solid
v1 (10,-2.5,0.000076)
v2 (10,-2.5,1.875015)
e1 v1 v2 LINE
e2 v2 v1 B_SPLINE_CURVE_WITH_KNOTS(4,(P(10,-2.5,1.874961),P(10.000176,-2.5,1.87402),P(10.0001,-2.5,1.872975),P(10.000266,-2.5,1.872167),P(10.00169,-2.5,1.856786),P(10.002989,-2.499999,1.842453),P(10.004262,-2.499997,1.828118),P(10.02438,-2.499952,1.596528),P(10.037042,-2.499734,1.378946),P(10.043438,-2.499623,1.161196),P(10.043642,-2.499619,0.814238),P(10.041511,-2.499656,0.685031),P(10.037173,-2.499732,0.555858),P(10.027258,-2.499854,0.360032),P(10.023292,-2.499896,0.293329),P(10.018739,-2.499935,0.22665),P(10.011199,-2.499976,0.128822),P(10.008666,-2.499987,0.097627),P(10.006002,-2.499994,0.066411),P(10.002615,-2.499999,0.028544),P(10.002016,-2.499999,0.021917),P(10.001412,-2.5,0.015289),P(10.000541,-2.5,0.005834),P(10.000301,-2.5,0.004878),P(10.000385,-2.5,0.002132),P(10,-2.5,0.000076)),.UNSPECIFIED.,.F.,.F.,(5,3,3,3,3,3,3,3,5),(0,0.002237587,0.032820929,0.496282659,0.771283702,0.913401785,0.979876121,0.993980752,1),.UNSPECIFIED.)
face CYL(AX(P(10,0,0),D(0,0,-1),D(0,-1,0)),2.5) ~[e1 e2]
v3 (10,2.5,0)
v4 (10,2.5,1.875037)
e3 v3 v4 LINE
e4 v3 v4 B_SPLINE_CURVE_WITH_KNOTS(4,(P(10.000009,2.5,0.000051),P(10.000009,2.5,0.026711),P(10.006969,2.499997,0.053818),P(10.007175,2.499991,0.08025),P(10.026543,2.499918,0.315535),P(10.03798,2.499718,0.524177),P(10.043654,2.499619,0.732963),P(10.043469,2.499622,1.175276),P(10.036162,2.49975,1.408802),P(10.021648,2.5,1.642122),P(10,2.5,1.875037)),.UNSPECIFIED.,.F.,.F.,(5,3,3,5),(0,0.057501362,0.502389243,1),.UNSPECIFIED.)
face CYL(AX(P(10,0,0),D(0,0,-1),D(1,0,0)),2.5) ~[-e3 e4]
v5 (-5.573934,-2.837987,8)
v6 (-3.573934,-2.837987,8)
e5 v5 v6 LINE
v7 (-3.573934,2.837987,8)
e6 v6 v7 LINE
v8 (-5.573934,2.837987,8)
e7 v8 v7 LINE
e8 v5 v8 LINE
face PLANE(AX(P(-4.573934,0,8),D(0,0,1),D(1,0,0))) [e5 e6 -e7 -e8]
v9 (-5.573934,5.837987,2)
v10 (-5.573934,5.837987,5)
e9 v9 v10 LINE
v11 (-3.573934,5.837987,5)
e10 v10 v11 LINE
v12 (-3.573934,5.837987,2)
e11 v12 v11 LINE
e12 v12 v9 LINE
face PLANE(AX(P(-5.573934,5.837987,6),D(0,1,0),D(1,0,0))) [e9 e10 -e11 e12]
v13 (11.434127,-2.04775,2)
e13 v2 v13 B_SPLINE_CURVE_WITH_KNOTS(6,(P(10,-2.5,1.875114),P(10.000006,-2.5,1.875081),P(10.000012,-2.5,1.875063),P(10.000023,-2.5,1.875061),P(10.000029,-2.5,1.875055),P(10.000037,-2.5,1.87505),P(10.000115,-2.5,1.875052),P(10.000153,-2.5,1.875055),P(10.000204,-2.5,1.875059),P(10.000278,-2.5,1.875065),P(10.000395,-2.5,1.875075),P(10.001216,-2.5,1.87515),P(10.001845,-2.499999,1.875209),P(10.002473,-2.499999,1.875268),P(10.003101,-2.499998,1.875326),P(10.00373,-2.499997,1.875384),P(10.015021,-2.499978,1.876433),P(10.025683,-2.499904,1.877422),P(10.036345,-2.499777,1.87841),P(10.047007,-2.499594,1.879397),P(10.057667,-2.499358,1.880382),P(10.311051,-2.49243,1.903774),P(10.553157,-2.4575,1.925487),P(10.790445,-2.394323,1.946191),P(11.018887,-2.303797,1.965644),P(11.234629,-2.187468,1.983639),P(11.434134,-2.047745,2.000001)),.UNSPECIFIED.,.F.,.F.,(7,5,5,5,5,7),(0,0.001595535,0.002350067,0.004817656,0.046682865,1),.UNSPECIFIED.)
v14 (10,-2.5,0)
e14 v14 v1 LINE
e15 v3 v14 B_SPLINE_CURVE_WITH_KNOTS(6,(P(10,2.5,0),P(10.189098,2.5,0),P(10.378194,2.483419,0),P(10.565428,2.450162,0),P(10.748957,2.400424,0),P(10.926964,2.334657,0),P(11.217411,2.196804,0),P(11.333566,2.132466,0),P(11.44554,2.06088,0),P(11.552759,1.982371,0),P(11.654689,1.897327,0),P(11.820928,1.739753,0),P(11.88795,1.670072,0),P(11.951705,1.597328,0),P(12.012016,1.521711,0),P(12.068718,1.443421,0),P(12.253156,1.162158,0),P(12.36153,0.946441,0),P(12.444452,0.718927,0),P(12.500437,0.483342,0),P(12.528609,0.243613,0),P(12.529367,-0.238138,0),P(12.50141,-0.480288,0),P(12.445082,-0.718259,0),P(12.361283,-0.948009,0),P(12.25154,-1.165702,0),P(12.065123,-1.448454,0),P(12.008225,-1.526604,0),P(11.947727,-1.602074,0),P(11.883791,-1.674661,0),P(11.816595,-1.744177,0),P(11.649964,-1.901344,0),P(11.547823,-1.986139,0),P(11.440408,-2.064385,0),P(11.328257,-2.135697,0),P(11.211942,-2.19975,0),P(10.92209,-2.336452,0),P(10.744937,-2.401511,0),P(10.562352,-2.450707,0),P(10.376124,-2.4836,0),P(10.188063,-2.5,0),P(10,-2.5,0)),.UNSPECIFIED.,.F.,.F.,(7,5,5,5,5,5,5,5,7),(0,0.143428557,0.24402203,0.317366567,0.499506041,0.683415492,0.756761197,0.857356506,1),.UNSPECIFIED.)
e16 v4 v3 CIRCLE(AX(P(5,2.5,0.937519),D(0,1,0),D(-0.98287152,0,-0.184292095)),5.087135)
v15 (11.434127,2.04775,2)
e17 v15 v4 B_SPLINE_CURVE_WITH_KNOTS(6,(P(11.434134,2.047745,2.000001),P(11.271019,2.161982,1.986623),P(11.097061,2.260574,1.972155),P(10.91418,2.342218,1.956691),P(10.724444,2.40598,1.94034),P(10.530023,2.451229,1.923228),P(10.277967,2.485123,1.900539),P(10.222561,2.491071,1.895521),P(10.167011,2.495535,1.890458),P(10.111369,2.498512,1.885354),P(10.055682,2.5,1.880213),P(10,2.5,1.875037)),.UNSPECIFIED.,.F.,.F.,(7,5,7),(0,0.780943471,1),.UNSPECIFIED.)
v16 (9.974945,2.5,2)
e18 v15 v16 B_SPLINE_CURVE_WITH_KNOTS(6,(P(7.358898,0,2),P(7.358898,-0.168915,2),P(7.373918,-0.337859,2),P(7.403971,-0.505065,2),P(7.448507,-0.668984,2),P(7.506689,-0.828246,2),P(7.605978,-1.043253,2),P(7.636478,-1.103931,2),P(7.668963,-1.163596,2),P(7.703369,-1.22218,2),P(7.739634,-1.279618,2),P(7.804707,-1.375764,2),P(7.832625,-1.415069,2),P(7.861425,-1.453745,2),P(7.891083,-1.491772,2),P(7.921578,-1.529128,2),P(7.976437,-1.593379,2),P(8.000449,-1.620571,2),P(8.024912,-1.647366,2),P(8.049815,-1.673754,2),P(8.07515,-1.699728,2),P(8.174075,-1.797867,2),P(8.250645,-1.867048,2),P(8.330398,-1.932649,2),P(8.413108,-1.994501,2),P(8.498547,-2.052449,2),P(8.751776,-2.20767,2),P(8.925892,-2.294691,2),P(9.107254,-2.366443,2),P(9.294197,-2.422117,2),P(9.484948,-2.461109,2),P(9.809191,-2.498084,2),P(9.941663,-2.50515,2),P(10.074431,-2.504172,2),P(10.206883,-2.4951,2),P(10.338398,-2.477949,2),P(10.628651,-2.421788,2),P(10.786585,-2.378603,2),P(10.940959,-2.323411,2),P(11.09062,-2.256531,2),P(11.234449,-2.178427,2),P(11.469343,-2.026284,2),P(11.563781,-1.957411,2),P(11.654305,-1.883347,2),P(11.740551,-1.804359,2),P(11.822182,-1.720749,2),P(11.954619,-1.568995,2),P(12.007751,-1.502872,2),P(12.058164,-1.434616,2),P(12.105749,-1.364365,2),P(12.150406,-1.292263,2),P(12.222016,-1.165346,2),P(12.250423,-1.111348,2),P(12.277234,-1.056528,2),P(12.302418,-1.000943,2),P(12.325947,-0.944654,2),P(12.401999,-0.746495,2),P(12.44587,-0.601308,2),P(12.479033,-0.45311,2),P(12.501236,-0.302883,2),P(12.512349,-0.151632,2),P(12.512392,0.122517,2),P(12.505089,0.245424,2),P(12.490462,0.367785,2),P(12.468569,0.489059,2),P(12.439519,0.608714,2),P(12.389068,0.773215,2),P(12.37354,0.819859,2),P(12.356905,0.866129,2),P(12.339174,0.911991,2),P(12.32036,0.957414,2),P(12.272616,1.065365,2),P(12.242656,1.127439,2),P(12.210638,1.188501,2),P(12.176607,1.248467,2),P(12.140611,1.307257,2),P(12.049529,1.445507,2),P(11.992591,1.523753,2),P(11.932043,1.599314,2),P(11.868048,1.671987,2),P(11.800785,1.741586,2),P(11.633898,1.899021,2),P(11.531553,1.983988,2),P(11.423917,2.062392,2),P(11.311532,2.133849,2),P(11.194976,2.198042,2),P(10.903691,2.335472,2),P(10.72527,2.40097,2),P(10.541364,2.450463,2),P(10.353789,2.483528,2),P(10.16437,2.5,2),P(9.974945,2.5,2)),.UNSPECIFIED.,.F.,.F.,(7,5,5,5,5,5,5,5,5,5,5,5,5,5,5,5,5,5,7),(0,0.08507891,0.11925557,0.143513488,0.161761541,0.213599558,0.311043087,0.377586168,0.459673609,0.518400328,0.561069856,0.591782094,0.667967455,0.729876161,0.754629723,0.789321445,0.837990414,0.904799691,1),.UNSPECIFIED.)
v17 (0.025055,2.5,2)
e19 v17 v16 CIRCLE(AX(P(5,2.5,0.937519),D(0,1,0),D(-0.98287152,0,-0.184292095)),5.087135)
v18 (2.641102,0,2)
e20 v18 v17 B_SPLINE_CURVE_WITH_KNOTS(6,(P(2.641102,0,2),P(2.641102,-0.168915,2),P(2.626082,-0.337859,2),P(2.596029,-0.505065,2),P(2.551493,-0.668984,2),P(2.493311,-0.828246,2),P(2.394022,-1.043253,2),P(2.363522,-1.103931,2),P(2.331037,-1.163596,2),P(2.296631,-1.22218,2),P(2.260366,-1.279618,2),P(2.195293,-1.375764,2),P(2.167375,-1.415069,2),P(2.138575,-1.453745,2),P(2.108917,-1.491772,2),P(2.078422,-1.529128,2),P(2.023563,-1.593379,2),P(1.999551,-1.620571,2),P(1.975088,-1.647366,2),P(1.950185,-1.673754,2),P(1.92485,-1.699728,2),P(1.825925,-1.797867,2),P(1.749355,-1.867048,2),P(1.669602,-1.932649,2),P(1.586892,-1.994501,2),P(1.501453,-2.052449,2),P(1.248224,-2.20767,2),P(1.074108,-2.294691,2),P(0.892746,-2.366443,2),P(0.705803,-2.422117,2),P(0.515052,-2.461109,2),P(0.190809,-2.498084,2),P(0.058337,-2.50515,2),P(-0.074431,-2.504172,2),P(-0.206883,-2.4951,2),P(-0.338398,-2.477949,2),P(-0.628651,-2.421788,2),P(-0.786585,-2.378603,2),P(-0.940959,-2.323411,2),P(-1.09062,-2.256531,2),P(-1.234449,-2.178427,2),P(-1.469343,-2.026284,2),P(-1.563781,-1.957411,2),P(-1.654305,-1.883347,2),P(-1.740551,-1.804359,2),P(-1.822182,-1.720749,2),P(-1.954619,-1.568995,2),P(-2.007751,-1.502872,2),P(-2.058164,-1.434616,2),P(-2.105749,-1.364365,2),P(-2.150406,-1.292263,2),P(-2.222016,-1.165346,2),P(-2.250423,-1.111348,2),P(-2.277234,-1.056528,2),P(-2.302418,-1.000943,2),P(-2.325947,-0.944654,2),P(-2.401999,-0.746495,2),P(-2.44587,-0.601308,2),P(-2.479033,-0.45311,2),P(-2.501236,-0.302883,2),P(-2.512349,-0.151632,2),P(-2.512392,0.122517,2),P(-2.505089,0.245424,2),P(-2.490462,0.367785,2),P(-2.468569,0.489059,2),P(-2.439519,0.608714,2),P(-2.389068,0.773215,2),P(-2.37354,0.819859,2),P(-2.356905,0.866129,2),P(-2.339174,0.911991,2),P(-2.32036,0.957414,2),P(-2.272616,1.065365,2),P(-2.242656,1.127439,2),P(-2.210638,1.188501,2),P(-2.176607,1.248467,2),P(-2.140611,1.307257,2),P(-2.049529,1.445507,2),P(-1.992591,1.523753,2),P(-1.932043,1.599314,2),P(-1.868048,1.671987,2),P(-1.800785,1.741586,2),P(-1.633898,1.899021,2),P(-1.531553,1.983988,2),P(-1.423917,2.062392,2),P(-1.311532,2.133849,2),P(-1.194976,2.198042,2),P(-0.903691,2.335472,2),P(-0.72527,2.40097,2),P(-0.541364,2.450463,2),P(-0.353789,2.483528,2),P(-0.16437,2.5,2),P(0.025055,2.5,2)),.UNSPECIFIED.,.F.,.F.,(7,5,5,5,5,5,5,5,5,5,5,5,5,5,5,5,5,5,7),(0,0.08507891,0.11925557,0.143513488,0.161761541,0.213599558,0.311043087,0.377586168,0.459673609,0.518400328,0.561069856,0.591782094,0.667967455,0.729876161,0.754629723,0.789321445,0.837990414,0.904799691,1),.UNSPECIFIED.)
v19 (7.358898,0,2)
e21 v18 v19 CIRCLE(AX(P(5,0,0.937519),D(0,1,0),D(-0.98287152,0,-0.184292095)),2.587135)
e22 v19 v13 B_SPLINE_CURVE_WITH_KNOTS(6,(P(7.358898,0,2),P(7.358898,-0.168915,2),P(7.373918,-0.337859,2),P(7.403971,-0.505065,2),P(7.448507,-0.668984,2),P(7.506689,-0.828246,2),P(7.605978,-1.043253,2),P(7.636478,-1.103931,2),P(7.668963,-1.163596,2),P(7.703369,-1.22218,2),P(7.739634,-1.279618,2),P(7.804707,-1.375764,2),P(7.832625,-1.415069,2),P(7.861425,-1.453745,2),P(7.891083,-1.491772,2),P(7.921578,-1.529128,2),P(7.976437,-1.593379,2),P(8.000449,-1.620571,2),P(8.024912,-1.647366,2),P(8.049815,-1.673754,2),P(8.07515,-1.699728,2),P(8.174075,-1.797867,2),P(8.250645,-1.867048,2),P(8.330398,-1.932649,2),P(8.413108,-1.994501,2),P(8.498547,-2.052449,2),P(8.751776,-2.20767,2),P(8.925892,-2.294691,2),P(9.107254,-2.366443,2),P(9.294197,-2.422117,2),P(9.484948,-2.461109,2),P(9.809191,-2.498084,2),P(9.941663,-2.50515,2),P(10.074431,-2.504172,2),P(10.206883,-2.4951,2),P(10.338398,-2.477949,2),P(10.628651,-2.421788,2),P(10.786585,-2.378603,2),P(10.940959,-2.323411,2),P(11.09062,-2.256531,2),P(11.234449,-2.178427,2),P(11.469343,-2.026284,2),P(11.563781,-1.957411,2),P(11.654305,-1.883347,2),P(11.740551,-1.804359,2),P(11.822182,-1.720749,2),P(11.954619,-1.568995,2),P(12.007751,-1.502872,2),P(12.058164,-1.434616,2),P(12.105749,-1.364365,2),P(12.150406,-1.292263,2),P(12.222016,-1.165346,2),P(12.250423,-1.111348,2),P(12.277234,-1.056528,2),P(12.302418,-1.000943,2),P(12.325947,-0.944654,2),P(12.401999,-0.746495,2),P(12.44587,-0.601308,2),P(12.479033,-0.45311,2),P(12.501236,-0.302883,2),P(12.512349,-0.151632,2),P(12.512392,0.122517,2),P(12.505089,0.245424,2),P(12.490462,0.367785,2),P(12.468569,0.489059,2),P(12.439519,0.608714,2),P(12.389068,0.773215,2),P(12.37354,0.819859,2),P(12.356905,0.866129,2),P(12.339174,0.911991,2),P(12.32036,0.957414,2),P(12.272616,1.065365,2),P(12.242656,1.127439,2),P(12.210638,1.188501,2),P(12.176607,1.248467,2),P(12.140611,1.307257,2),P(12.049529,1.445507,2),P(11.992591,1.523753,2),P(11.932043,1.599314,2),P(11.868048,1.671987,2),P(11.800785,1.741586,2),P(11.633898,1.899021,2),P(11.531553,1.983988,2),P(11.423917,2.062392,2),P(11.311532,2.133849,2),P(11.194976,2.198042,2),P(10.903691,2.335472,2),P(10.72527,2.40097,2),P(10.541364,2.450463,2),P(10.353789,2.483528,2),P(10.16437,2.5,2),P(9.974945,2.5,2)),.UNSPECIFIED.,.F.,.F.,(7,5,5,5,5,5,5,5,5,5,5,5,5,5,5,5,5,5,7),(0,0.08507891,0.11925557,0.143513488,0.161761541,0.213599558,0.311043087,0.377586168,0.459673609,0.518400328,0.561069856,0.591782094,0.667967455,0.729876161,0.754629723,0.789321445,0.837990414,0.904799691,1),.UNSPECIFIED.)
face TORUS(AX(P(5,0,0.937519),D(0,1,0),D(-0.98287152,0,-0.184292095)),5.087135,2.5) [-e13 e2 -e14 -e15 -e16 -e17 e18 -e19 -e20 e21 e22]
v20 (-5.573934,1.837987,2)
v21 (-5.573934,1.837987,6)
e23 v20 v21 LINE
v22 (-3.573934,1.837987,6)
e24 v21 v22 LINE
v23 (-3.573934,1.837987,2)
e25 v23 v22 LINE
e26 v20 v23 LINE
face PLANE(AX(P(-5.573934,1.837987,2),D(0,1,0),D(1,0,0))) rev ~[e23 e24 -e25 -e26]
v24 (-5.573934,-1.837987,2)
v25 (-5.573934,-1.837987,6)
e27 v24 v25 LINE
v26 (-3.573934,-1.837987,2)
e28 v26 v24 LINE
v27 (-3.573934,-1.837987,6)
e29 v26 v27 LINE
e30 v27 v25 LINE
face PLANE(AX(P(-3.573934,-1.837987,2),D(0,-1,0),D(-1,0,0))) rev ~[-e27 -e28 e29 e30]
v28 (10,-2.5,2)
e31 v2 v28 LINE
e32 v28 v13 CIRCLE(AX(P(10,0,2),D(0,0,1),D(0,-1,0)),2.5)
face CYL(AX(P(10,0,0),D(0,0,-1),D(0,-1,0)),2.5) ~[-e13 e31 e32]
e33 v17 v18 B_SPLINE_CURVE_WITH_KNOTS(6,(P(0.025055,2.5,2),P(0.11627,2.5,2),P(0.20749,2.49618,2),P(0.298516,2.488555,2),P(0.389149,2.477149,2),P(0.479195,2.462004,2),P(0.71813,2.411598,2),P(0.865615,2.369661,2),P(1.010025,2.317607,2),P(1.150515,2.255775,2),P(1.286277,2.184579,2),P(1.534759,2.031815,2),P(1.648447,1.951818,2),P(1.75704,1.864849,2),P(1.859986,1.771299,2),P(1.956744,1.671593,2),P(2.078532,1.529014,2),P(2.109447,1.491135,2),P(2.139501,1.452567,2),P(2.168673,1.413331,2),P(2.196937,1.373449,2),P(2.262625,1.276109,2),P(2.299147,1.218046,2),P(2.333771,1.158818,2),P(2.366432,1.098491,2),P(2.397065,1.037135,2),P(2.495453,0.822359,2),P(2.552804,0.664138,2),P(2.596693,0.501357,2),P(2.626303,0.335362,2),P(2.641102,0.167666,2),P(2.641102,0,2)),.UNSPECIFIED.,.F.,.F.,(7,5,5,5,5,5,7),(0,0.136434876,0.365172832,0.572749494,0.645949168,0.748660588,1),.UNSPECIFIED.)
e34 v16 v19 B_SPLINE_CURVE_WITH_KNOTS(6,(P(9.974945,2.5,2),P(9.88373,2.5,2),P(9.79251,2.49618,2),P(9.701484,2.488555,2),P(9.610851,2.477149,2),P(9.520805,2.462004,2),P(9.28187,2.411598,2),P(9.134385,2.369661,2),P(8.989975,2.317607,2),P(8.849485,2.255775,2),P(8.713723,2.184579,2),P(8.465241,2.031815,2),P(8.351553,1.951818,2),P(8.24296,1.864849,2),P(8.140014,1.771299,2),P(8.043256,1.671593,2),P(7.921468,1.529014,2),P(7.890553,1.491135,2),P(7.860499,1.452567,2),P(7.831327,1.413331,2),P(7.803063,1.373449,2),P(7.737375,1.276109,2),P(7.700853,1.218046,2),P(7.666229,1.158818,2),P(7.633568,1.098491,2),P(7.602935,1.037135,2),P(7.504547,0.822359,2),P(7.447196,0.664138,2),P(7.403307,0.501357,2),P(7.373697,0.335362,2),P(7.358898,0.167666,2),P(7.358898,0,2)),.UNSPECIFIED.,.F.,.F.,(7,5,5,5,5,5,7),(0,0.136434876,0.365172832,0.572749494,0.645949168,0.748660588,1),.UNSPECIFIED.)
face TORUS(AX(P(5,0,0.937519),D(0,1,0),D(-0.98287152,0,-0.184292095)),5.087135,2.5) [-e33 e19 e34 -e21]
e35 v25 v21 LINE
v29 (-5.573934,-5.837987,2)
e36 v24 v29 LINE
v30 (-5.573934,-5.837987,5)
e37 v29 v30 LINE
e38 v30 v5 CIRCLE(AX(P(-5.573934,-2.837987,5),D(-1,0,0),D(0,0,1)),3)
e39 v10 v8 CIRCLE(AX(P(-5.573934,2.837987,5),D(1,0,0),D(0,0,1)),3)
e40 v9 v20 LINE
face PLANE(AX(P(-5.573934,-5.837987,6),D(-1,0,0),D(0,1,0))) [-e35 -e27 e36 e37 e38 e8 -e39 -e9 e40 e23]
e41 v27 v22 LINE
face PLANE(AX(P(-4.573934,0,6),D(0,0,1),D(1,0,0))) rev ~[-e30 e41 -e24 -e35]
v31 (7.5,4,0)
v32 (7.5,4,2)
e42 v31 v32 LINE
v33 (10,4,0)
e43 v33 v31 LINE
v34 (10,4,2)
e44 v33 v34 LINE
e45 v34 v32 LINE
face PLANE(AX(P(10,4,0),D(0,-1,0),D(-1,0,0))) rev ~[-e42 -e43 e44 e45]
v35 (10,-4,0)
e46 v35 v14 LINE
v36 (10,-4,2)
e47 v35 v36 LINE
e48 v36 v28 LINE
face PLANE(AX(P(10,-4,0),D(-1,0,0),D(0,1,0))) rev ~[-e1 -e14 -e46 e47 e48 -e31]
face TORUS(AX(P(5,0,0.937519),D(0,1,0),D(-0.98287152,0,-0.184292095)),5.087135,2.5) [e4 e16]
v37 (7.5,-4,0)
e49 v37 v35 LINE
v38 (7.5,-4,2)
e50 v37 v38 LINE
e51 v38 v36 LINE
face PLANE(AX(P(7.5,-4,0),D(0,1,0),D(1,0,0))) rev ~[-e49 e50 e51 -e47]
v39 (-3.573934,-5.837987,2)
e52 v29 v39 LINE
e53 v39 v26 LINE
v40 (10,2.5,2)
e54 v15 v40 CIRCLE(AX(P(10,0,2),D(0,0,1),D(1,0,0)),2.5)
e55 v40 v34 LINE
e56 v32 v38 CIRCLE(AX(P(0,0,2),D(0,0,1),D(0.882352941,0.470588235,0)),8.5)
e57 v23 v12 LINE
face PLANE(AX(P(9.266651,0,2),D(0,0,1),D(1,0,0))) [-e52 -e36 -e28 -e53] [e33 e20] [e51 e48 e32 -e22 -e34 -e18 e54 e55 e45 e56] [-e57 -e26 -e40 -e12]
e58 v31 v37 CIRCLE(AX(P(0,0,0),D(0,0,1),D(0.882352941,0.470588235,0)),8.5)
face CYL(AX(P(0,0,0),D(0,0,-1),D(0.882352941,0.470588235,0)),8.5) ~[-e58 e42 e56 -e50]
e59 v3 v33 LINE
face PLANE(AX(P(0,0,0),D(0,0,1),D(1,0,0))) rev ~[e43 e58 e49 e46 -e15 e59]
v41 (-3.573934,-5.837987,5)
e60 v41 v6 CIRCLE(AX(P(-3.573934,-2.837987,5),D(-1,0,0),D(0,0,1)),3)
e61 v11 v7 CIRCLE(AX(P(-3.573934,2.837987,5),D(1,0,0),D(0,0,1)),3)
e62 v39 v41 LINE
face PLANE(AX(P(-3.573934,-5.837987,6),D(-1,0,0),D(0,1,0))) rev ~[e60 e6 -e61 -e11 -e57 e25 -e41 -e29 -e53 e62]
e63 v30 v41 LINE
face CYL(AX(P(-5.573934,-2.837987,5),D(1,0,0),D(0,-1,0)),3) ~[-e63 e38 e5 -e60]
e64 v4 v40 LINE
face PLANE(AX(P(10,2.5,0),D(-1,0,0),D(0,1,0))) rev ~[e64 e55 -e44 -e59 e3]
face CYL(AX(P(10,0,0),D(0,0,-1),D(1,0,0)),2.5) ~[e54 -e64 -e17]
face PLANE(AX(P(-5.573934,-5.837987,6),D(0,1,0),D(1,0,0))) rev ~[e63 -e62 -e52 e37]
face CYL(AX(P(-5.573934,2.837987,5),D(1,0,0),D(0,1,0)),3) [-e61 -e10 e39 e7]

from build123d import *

# Parameters (mm, degrees)
F1_DEPTH  = 2
F7_W      = 31.145259738
F7_H      = 20.1126746833
F8_DEPTH  = 25
F10_DEPTH = 4
F11_W     = 2
F11_H     = 11.6759730271
F12_DEPTH = 2
F13_R     = 3


with BuildPart() as f1:
    # F0 (on Top) → F1 (new body)
    with BuildSketch(Plane.XY):
        with BuildLine():
            ThreePointArc((8.3, 1.833030278), (8.4498520697, 0.9219544457), (8.5, 0))
            ThreePointArc((8.5, 0), (8.4498520697, -0.9219544457), (8.3, -1.833030278))
            ThreePointArc((8.3, -1.833030278), (9.0869216066, -2.3272919558), (10, -2.5))
            Line((10, -2.5), (10, 2.5))
            ThreePointArc((10, 2.5), (9.0869216066, 2.3272919558), (8.3, 1.833030278))
        make_face()
        with BuildLine():
            ThreePointArc((8.3, -1.833030278), (7.5, 0), (8.3, 1.833030278))
            ThreePointArc((8.3, 1.833030278), (7.973953815, 2.9438173442), (7.5, 4))
            Line((7.5, 4), (0, 4))
            Line((0, 4), (0, 2.5))
            ThreePointArc((0, 2.5), (1.767766953, 1.767766953), (2.5, 0))
            ThreePointArc((2.5, 0), (1.767766953, -1.767766953), (0, -2.5))
            Line((0, -2.5), (0, -4))
            Line((0, -4), (7.5, -4))
            ThreePointArc((7.5, -4), (7.973953815, -2.9438173442), (8.3, -1.833030278))
        make_face()
        with BuildLine():
            ThreePointArc((7.5, 4), (7.973953815, 2.9438173442), (8.3, 1.833030278))
            ThreePointArc((8.3, 1.833030278), (9.0869216066, 2.3272919558), (10, 2.5))
            Line((10, 2.5), (10, 4))
            Line((10, 4), (7.5, 4))
        make_face()
        with BuildLine():
            ThreePointArc((10, -2.5), (9.0869216066, -2.3272919558), (8.3, -1.833030278))
            ThreePointArc((8.3, -1.833030278), (7.973953815, -2.9438173442), (7.5, -4))
            Line((7.5, -4), (10, -4))
            Line((10, -4), (10, -2.5))
        make_face()
        with BuildLine():
            Line((0, 4), (7.5, 4))
            ThreePointArc((7.5, 4), (-8.5, 0), (7.5, -4))
            Line((7.5, -4), (0, -4))
            Line((0, -4), (0, -2.5))
            ThreePointArc((0, -2.5), (-2.5, 0), (0, 2.5))
            Line((0, 2.5), (0, 4))
        make_face()
        with BuildLine():
            ThreePointArc((12.5, 0), (11.767766953, 1.767766953), (10, 2.5))
            Line((10, 2.5), (10, -2.5))
            ThreePointArc((10, -2.5), (11.767766953, -1.767766953), (12.5, 0))
        make_face()
        with BuildLine():
            ThreePointArc((8.3, -1.833030278), (8.4498520697, -0.9219544457), (8.5, 0))
            ThreePointArc((8.5, 0), (8.4498520697, 0.9219544457), (8.3, 1.833030278))
            ThreePointArc((8.3, 1.833030278), (7.5, 0), (8.3, -1.833030278))
        make_face()
        with BuildLine():
            ThreePointArc((2.5, 0), (1.767766953, 1.767766953), (0, 2.5))
            Line((0, 2.5), (0, -2.5))
            ThreePointArc((0, -2.5), (1.767766953, -1.767766953), (2.5, 0))
        make_face()
        with BuildLine():
            Line((0, -2.5), (0, 2.5))
            ThreePointArc((0, 2.5), (-2.5, 0), (0, -2.5))
        make_face()
    extrude(amount=F1_DEPTH)

    # F6: sweep along a path in F5
    with BuildLine(Plane(origin=(0, 0, 0), x_dir=(-1, 0, 0), z_dir=(0, 1, 0))) as f6_path:
        ThreePointArc((0, 0), (-5, 6.024653635), (-10, 0))
    # F3 (on line) → F6 (sweep)
    with BuildSketch(Plane.YZ.offset(5)):
        with BuildLine():
            ThreePointArc((0, 3.524653635), (1.767766953, 4.256886682), (2.5, 6.024653635))
            ThreePointArc((2.5, 6.024653635), (-1.767766953, 7.792420588), (0, 3.524653635))
        make_face()
    sweep(path=f6_path.line)

    # F7 (on Top) → F8 (cut)
    with BuildSketch(Plane.XY):
        Rectangle(F7_W, F7_H)
    extrude(amount=-F8_DEPTH, mode=Mode.SUBTRACT)

    # F9 (on face) → F10 (join)
    with BuildSketch(Plane.XY.offset(2)):
        Polygon((-3.5739342159, 1.8379865136), (-3.5739342159, 2.9988868824), (-3.5739342159, 5.8379865136), (-5.5739342159, 5.8379865136), (-5.5739342159, 1.8379865136), align=None)
        Polygon((-3.5739342159, -5.8379865136), (-3.5739342159, -2.9988868824), (-3.5739342159, -1.8379865136), (-5.5739342159, -1.8379865136), (-5.5739342159, -5.8379865136), align=None)
    extrude(amount=F10_DEPTH)

    # F11 (on face) → F12 (join)
    with BuildSketch(Plane.XY.offset(6)):
        with Locations((-4.5739342159, 0)):
            Rectangle(F11_W, F11_H)
    extrude(amount=F12_DEPTH)

    # F13
    f13_edges = [f1.edges().sort_by_distance(p)[0] for p in [
        (-4.573934, -5.837987, 8),
        (-4.573934, 5.837987, 8),
    ]]
    fillet(f13_edges, radius=F13_R)


solid = f1.part
